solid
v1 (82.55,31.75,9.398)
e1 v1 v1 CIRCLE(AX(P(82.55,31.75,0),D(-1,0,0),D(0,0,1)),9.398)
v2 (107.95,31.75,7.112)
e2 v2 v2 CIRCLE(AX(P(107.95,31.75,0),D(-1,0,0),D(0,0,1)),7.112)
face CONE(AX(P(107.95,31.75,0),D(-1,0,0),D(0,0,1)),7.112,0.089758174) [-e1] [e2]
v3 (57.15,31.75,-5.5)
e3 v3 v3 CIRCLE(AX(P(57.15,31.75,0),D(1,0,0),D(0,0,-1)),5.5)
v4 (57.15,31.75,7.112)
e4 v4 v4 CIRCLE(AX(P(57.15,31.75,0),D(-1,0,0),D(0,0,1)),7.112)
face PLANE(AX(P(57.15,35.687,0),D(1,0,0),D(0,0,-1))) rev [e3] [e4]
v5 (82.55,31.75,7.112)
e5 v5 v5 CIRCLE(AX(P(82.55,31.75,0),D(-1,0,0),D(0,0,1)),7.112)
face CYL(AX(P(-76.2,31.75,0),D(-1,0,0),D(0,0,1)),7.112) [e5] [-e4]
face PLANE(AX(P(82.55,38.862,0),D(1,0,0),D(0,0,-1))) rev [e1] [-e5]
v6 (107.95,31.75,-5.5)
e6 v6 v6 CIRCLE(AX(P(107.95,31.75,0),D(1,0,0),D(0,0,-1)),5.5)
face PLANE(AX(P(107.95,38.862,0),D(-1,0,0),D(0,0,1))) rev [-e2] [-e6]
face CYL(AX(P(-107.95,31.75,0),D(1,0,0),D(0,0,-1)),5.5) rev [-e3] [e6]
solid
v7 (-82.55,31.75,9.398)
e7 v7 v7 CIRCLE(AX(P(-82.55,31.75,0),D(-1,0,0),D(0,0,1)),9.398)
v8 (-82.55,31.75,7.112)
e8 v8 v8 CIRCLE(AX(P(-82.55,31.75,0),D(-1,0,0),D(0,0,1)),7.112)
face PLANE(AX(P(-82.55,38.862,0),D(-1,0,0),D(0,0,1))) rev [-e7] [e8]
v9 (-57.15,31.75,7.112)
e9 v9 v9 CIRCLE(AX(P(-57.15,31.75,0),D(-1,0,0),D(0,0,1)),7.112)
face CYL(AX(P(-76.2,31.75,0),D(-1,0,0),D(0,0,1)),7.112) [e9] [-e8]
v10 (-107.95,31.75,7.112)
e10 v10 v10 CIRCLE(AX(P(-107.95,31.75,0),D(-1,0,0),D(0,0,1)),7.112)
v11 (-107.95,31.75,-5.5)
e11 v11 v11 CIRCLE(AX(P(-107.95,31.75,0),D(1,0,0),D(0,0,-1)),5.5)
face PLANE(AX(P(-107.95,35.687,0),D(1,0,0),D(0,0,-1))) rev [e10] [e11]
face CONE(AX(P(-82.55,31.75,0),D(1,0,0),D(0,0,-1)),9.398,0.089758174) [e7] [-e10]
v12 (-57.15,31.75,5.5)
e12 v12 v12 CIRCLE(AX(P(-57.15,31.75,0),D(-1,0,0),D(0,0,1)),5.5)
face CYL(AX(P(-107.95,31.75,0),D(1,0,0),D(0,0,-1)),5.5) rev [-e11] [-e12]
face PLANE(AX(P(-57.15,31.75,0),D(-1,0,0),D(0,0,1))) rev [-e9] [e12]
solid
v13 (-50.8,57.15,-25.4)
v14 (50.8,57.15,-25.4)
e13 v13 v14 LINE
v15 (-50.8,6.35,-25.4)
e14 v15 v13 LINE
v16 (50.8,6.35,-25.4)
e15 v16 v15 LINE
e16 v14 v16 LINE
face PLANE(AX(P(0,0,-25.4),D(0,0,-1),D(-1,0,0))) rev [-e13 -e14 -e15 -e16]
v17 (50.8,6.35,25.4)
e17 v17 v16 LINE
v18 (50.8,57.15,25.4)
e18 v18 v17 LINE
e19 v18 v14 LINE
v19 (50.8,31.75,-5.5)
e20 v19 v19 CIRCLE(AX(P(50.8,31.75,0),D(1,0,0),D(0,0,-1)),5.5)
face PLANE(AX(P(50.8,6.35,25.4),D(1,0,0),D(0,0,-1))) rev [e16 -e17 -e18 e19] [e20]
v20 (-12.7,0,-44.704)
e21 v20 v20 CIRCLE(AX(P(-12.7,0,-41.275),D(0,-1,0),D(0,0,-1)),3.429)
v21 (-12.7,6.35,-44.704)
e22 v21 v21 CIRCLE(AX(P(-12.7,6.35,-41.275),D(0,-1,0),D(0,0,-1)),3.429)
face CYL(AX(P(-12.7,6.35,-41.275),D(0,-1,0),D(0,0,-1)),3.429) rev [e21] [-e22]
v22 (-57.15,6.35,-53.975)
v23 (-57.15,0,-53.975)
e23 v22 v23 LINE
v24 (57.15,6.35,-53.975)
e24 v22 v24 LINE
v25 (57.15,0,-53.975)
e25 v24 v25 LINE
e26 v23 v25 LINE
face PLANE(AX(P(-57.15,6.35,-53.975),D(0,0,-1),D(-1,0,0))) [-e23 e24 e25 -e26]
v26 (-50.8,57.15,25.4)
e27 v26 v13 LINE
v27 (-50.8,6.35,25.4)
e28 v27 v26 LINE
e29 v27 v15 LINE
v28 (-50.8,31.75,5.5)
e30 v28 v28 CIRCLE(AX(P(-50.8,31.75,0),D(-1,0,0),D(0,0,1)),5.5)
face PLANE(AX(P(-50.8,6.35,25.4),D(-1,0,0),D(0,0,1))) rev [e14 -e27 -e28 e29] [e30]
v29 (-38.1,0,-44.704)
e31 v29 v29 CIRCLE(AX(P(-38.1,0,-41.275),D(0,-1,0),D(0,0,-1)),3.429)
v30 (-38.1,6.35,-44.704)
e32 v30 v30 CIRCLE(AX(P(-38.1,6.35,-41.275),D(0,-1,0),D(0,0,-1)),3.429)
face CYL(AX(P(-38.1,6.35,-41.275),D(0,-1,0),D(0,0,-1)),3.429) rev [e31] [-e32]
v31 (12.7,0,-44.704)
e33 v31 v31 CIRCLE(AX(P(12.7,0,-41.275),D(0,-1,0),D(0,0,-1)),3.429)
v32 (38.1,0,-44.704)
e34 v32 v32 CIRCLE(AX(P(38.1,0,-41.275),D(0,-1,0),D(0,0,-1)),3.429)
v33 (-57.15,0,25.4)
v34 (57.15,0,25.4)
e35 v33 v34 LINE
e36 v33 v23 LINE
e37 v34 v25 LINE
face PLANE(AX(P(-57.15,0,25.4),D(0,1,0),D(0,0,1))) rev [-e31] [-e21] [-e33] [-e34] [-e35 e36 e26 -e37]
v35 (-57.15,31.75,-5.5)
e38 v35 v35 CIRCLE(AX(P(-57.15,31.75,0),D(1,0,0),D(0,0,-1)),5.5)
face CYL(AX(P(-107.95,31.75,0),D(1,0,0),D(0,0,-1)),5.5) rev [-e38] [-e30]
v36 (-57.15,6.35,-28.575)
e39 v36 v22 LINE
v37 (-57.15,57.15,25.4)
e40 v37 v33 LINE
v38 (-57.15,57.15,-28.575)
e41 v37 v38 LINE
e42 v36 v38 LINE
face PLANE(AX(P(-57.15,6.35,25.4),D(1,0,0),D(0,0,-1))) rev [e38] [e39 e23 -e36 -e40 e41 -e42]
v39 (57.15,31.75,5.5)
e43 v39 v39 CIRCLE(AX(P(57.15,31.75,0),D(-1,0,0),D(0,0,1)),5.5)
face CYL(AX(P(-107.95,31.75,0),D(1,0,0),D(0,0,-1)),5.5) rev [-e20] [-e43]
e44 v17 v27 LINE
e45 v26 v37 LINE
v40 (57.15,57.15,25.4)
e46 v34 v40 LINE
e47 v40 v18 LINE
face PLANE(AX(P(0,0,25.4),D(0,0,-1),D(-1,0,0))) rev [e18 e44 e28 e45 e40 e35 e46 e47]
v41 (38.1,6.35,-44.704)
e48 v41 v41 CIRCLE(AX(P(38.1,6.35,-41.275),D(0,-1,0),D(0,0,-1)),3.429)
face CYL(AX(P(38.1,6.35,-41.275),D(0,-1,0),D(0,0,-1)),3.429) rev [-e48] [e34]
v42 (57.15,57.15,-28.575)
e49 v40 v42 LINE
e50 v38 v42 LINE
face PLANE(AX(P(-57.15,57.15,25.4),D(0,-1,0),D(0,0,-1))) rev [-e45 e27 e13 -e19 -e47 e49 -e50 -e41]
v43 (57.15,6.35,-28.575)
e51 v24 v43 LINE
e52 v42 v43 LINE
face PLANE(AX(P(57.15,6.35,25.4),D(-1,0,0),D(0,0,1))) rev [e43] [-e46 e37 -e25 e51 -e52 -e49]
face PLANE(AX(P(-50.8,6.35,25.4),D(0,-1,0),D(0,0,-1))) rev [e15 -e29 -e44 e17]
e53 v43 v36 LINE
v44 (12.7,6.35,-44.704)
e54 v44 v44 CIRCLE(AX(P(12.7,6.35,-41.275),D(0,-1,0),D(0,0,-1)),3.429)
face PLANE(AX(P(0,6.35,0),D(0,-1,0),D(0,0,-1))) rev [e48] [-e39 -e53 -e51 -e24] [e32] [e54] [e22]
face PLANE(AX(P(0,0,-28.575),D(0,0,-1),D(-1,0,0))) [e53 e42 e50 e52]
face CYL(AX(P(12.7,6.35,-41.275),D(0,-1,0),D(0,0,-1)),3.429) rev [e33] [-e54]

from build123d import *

# Parameters (mm, degrees)
BOSS_EXTRUDE1_DEPTH     = 25.4
SKETCH2_W               = 114.3
SKETCH2_H               = 57.15
BOSS_EXTRUDE2_DEPTH     = 3.175
CUT_EXTRUDE2_DEPTH      = 126.442638784
CUT_EXTRUDE2_DEPTH_BACK = 126.442638784
SKETCH3_R               = 5.5
SKETCH5_W               = 114.3
SKETCH5_H               = 25.4
SKETCH5_R               = 3.429
BOSS_EXTRUDE3_DEPTH     = 6.35


with BuildPart() as part:
    # Sketch1 → Boss-Extrude1 (new, symmetric)
    with BuildSketch(Plane.XY):
        Polygon((-57.15, 0), (57.15, 0), (57.15, 6.35), (57.15, 57.15), (50.8, 57.15), (50.8, 6.35), (-50.8, 6.35), (-50.8, 57.15), (-57.15, 57.15), (-57.15, 6.35), align=None)
    extrude(amount=BOSS_EXTRUDE1_DEPTH, both=True)

    # Sketch2 → Boss-Extrude2 (add)
    with BuildSketch(Plane(origin=(0, 0, -25.4), x_dir=(-1, 0, 0), z_dir=(0, 0, -1))):
        with Locations((0, 28.575)):
            Rectangle(SKETCH2_W, SKETCH2_H)
    extrude(amount=BOSS_EXTRUDE2_DEPTH)


with BuildPart() as body_2:
    # Sketch4 → Revolve1 (revolve)
    with BuildSketch(Plane.XY, mode=Mode.PRIVATE) as revolve1_sk:
        Polygon((57.15, 35.687), (57.15, 38.862), (82.55, 38.862), (82.55, 41.148), (107.95, 38.862), (107.95, 35.687), align=None)
        Polygon((-57.15, 38.862), (-82.55, 38.862), (-82.55, 41.148), (-107.95, 38.862), (-107.95, 35.687), (-107.95, 31.75), (-57.15, 31.75), (-57.15, 35.687), align=None)
    revolve(revolve1_sk.sketch.rotate(Axis((-76.2, 31.75, 0), (1, 0, 0)), 90), axis=Axis((-76.2, 31.75, 0), (1, 0, 0)))


with BuildPart() as cut_extrude2_tool:
    # Sketch3 → Cut-Extrude2 (new, two sides: drawn at the far end of the back side and taken through both)
    with BuildSketch(Plane(origin=(0, 0, 0), x_dir=(0, 0, -1), z_dir=(1, 0, 0)).offset(-CUT_EXTRUDE2_DEPTH_BACK)):
        with Locations((0, 31.75)):
            Circle(SKETCH3_R)
    extrude(amount=CUT_EXTRUDE2_DEPTH + CUT_EXTRUDE2_DEPTH_BACK)


with BuildPart() as part_1:
    add(part.part)

    # Cut-Extrude2: cut by cut_extrude2_tool
    add(cut_extrude2_tool.part, mode=Mode.SUBTRACT)

    # Sketch5 → Boss-Extrude3 (add)
    with BuildSketch(Plane(origin=(0, 0, 0), x_dir=(-1, 0, 0), z_dir=(0, -1, 0))):
        with Locations((0, 41.275)):
            Rectangle(SKETCH5_W, SKETCH5_H)
        with Locations(Location((-38.1, 41.275, 0), (0, 0, 90))):
            Circle(SKETCH5_R, mode=Mode.SUBTRACT)
        with Locations(Location((-12.7, 41.275, 0), (0, 0, 90))):
            Circle(SKETCH5_R, mode=Mode.SUBTRACT)
        with Locations(Location((12.7, 41.275, 0), (0, 0, 90))):
            Circle(SKETCH5_R, mode=Mode.SUBTRACT)
        with Locations(Location((38.1, 41.275, 0), (0, 0, 90))):
            Circle(SKETCH5_R, mode=Mode.SUBTRACT)
    extrude(amount=-BOSS_EXTRUDE3_DEPTH)


with BuildPart() as body_2_1:
    add(body_2.part)

    # Cut-Extrude2: cut by cut_extrude2_tool
    add(cut_extrude2_tool.part, mode=Mode.SUBTRACT)


solid = Compound([part_1.part, body_2_1.part])
